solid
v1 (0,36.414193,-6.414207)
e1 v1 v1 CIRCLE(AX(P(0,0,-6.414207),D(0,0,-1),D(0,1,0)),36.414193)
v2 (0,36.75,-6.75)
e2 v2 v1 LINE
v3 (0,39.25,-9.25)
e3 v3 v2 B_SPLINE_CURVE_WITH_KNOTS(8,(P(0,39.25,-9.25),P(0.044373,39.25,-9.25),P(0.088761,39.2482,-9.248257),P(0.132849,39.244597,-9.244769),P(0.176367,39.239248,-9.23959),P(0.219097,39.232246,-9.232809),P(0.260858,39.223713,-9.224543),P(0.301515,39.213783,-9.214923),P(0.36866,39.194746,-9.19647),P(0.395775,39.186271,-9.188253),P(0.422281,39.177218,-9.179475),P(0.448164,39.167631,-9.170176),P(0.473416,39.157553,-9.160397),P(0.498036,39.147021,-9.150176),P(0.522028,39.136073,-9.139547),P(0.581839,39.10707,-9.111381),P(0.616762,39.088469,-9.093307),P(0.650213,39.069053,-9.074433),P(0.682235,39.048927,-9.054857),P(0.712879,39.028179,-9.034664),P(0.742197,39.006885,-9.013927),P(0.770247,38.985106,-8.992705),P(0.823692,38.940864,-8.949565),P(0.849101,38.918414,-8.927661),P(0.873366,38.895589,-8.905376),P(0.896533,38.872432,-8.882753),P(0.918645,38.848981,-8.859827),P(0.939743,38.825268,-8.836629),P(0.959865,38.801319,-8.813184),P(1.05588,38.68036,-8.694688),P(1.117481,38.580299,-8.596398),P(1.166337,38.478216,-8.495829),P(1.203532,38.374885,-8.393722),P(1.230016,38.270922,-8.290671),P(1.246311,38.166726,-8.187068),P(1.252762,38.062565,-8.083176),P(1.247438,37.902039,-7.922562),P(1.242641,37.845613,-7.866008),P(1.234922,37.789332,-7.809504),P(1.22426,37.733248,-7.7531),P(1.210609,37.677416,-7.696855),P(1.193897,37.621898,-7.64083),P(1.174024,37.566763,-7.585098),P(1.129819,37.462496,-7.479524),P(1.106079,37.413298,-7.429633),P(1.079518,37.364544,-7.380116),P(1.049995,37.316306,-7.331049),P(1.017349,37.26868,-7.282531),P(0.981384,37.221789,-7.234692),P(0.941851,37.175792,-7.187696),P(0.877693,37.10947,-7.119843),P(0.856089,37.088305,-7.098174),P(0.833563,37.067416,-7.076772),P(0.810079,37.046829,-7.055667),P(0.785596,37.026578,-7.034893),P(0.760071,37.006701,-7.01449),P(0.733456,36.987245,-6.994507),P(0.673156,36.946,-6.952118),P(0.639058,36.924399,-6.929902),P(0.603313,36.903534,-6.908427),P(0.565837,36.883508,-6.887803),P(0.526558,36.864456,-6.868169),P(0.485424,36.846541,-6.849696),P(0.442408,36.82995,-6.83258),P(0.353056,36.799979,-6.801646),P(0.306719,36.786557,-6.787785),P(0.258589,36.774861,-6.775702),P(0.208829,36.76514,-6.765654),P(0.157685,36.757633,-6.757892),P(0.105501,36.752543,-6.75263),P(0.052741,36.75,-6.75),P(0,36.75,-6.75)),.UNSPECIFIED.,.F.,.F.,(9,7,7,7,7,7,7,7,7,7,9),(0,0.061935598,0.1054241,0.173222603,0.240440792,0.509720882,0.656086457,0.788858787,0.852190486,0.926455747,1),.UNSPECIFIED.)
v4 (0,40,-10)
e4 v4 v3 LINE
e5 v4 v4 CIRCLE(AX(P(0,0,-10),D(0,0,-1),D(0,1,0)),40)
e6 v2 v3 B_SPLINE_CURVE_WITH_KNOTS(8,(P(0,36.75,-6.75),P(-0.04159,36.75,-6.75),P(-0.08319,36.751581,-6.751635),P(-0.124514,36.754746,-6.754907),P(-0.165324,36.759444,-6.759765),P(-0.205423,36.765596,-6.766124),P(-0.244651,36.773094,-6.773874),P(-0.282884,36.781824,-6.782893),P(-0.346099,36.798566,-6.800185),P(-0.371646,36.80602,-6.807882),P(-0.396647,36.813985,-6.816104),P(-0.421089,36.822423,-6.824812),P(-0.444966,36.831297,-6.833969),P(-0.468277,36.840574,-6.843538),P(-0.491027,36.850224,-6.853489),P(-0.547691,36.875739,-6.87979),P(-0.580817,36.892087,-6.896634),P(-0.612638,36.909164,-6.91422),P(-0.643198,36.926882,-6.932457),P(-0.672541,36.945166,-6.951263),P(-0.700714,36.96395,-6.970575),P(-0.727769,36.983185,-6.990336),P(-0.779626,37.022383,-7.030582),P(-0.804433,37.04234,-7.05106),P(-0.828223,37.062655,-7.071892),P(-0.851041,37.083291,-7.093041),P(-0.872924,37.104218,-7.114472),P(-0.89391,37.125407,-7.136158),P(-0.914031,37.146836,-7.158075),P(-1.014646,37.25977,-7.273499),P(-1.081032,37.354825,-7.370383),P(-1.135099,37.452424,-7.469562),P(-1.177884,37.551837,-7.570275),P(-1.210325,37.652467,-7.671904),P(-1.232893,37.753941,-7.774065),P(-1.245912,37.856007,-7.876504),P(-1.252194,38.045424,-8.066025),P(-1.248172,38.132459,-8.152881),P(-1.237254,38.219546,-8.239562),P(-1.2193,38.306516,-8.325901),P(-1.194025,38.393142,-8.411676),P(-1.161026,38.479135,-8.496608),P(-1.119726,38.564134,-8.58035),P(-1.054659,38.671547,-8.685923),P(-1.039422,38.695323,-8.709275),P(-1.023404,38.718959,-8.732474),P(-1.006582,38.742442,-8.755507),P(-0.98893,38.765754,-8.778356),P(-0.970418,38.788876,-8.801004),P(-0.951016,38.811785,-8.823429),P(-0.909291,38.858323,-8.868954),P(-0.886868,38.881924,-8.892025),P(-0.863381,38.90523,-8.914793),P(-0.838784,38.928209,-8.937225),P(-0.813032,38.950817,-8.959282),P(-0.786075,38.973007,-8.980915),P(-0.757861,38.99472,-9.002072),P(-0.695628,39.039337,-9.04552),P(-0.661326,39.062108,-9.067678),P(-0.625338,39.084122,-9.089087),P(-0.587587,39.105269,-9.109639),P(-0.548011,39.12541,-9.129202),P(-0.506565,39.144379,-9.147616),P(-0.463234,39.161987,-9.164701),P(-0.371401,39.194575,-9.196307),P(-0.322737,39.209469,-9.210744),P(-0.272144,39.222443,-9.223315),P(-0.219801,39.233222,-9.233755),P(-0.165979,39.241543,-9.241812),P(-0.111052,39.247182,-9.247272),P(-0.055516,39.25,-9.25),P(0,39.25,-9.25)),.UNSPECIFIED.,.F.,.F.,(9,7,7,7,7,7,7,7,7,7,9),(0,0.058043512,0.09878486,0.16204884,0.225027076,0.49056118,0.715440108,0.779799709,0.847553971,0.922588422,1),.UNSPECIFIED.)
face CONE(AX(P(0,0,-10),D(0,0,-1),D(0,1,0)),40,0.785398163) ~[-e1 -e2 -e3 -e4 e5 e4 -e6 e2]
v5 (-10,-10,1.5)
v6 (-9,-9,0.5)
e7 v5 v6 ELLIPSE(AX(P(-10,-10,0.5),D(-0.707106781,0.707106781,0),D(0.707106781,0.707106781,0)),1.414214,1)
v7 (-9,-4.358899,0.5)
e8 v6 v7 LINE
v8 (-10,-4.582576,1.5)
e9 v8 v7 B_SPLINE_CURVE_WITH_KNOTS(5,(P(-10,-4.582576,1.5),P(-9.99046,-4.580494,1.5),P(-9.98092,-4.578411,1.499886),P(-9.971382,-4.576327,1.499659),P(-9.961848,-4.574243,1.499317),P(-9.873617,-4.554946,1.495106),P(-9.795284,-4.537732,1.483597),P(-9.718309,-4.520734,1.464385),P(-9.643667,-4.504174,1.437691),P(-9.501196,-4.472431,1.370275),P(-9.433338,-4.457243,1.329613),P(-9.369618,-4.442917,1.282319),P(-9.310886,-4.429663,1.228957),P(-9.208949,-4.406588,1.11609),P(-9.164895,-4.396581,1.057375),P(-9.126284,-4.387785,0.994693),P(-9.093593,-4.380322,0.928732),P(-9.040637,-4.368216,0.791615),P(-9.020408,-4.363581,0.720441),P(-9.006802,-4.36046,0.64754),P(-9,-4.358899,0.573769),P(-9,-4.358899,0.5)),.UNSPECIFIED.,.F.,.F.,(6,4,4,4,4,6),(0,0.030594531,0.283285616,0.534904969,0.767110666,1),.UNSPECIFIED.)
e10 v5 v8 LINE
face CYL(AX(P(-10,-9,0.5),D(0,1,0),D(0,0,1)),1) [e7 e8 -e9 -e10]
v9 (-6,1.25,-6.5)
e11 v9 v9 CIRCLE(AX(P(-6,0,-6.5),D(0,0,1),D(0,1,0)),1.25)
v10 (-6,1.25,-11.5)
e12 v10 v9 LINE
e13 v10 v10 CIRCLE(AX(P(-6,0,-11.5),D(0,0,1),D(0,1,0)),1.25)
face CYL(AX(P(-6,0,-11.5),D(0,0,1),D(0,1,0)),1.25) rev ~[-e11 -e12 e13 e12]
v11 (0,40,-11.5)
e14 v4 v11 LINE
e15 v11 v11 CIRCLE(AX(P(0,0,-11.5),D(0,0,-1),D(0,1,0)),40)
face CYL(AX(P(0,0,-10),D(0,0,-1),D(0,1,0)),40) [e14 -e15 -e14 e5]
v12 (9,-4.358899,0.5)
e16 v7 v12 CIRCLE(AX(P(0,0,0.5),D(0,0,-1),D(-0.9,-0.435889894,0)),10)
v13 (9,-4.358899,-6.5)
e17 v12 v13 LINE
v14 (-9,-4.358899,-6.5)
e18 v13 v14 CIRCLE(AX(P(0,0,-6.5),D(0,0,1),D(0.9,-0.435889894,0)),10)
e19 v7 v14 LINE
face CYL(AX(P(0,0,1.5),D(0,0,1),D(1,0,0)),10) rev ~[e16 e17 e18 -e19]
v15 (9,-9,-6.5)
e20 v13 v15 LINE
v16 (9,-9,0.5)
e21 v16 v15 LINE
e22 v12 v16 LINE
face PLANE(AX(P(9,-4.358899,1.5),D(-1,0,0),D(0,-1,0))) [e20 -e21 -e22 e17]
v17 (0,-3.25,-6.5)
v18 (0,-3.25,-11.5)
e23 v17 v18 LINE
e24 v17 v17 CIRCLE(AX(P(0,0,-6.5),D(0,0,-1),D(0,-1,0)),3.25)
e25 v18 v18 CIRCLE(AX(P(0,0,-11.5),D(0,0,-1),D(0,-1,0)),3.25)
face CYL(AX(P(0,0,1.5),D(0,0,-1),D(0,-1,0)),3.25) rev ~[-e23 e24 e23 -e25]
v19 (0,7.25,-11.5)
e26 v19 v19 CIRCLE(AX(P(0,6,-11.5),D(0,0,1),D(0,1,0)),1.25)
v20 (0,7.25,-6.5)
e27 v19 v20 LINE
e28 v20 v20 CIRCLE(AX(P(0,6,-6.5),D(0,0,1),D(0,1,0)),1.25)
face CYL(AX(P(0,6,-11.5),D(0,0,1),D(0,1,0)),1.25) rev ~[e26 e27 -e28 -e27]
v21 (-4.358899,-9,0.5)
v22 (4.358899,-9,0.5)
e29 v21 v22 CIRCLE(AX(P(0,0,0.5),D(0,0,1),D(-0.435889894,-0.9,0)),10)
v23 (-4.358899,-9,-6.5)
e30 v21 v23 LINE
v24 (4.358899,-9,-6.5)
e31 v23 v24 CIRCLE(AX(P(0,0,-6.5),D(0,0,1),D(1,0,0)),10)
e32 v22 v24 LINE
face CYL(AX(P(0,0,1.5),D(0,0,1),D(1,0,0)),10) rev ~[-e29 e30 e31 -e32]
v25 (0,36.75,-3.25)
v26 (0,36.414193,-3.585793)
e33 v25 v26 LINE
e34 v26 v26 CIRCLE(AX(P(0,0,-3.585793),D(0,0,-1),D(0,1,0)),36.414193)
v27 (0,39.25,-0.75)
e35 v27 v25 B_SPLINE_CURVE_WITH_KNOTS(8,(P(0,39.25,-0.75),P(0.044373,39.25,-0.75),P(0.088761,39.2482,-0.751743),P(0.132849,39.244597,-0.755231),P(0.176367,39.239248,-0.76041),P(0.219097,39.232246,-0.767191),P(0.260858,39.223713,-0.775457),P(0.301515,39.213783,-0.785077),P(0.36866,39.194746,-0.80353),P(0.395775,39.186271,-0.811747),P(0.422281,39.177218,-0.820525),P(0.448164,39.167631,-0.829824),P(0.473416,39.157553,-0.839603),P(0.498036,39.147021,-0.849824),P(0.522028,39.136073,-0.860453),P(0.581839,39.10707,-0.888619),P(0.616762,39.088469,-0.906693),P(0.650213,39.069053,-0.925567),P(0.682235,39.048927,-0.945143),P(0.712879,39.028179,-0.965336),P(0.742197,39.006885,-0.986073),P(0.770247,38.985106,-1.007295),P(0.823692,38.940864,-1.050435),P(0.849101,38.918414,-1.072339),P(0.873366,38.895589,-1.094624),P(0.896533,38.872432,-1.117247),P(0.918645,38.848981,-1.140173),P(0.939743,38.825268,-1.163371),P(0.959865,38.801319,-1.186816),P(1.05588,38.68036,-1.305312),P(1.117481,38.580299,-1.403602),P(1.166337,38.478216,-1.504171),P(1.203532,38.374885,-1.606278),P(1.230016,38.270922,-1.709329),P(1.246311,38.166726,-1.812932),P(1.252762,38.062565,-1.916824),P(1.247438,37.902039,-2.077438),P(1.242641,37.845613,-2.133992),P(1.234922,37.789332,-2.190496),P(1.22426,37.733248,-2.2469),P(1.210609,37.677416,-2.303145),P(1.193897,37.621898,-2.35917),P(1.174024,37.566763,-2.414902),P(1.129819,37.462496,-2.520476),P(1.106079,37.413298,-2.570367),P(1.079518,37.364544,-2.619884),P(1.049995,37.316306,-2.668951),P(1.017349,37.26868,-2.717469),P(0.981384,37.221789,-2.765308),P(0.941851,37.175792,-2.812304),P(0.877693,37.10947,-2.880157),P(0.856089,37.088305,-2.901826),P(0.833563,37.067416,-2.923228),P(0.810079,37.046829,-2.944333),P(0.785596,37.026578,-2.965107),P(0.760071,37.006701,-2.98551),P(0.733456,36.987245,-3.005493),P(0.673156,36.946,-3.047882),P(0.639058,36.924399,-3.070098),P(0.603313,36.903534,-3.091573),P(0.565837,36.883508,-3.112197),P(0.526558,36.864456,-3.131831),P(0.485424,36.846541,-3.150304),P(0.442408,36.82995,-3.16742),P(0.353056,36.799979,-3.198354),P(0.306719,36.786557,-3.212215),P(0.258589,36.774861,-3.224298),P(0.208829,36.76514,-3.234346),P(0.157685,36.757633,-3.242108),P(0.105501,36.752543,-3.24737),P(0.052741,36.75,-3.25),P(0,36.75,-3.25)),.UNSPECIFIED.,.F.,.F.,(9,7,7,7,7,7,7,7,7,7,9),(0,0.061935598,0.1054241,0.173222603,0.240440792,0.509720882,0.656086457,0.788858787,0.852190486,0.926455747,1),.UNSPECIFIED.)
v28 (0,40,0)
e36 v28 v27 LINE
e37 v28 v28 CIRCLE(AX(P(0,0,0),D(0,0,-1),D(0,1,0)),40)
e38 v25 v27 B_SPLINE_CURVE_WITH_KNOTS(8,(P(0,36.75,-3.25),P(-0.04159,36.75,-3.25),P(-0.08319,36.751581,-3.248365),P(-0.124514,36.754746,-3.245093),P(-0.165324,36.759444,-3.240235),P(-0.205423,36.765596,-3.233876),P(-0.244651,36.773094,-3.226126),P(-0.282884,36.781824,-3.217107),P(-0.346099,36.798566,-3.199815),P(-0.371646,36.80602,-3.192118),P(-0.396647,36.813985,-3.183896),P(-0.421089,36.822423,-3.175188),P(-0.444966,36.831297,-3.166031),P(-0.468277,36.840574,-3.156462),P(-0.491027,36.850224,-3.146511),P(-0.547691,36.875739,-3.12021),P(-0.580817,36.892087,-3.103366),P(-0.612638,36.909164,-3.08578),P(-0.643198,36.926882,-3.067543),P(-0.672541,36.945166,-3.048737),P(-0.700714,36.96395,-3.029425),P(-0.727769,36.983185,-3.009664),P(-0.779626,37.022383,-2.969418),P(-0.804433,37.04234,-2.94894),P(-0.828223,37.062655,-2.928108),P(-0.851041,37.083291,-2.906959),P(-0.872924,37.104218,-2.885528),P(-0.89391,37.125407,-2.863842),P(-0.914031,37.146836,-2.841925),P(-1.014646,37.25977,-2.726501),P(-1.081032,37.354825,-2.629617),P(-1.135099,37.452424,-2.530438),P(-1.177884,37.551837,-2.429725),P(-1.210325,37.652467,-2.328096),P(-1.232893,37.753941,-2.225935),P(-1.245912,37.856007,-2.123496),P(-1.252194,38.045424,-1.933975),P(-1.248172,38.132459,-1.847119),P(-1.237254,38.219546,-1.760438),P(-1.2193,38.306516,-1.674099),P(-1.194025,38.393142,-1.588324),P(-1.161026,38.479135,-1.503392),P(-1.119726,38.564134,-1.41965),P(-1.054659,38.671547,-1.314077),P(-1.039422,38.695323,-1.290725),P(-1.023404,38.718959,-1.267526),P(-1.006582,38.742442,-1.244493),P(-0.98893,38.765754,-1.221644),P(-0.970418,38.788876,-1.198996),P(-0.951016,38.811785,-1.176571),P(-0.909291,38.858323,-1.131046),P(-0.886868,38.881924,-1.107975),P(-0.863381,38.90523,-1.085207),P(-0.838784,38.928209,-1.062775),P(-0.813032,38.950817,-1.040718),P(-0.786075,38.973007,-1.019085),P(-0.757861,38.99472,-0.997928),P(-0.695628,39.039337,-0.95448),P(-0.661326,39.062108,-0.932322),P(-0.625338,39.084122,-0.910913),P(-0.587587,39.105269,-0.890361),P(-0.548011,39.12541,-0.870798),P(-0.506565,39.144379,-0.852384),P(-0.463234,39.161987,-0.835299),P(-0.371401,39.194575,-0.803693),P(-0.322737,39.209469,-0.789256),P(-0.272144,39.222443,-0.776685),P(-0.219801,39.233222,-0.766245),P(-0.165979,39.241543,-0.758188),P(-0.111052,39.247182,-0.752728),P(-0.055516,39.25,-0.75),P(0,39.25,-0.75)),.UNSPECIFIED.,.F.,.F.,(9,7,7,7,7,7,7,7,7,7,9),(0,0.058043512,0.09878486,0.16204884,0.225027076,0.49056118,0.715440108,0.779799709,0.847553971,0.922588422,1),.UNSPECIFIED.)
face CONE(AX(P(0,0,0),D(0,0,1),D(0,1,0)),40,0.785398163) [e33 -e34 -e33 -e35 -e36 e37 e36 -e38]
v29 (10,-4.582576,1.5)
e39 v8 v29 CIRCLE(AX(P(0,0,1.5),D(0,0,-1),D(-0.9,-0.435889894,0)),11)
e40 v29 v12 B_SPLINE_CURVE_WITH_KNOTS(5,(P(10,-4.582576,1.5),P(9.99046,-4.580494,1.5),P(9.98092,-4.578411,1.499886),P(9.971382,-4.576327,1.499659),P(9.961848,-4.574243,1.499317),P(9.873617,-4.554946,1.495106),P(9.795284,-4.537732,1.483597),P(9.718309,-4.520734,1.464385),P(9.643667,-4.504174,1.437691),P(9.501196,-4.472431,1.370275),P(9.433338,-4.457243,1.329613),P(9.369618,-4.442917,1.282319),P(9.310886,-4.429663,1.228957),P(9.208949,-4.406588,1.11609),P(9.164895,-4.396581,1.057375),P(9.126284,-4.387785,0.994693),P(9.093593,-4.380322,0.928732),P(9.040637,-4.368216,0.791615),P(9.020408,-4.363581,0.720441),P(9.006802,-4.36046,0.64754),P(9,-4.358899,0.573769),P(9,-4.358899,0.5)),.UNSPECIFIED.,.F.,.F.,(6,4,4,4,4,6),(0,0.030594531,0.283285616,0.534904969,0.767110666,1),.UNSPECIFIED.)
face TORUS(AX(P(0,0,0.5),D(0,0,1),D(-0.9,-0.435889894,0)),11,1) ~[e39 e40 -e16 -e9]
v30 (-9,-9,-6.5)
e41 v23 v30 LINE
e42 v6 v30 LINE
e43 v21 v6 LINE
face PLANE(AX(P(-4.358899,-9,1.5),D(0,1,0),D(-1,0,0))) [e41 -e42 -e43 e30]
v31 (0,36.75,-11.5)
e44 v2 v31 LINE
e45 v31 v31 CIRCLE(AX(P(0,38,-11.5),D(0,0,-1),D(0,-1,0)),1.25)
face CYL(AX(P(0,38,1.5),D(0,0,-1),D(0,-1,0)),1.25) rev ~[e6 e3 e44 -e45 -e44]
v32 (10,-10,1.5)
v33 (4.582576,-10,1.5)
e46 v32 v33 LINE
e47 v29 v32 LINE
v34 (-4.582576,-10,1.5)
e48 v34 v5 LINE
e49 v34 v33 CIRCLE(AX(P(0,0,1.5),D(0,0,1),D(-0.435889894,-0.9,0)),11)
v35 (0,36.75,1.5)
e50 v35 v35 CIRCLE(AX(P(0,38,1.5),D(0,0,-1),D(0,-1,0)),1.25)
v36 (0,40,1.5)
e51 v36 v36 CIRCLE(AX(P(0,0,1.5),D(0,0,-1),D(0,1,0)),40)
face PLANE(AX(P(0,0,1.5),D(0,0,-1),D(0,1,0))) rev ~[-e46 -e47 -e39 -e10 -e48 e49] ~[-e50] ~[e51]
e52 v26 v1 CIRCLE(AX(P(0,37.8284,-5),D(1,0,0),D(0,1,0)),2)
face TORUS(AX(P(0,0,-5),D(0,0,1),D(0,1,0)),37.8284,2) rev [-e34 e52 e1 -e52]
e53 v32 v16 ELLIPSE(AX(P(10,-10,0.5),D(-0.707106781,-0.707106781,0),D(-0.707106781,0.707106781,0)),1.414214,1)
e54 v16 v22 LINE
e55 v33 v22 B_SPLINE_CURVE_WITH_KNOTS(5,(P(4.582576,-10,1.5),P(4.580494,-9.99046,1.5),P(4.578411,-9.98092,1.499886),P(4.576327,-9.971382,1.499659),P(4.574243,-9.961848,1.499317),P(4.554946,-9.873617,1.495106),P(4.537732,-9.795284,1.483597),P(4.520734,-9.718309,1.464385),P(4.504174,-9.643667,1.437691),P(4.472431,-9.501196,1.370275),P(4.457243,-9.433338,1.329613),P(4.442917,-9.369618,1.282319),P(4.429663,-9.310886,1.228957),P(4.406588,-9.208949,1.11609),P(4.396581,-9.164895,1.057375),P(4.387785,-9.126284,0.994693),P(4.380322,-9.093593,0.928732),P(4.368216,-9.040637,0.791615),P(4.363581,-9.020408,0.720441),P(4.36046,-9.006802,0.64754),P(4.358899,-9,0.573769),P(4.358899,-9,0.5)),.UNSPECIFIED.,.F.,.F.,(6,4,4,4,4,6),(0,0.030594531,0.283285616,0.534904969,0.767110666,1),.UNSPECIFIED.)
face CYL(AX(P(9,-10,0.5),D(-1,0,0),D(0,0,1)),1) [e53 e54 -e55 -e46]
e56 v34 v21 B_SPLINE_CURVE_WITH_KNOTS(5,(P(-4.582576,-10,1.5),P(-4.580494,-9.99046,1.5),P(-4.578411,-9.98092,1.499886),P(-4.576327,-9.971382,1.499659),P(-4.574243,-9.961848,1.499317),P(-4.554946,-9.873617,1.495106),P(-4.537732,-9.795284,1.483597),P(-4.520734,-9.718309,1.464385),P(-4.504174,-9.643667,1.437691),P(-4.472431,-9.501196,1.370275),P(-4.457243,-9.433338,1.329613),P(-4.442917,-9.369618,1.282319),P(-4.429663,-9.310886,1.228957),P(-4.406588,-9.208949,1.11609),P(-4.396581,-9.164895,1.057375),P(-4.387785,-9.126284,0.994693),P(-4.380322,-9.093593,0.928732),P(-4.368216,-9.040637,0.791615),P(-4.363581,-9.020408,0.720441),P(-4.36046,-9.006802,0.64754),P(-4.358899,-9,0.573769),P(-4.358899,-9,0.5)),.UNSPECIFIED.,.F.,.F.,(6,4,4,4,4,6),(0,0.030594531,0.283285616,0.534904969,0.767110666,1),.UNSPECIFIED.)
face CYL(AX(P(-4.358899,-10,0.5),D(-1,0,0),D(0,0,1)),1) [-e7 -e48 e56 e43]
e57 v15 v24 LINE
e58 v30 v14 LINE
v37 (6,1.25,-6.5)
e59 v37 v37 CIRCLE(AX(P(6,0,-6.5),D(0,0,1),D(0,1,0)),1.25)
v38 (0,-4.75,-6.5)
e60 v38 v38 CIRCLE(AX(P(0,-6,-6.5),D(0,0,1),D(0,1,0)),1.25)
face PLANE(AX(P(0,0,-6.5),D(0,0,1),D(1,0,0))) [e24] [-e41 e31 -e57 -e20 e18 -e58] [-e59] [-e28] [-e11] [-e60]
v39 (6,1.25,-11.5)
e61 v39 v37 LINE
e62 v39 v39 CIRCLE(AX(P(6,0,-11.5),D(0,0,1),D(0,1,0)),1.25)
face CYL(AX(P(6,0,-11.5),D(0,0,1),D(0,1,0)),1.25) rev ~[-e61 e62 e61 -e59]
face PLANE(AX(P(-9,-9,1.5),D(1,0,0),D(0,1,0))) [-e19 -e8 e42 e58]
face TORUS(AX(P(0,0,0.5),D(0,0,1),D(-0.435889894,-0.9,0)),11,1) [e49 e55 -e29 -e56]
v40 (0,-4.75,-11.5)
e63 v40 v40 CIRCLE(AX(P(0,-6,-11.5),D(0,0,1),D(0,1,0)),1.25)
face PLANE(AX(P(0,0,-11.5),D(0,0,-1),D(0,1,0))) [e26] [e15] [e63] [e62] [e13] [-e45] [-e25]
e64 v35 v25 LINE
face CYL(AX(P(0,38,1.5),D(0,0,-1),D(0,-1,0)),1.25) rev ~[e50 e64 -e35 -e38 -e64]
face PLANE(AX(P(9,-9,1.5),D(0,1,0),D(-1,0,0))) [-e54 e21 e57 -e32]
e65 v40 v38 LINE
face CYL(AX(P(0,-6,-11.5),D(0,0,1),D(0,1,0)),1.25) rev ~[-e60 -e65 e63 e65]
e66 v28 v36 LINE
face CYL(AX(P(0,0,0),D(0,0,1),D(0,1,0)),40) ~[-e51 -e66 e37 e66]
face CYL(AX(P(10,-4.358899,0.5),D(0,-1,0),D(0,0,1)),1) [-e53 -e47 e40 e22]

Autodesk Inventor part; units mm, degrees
ref_plane "YZ Plane" through (0, 0, 0) normal (1, 0, 0) x (0, 1, 0)
ref_plane "XZ Plane" through (0, 0, 0) normal (0, 1, 0) x (-1, 0, 0)
ref_plane "XY Plane" through (0, 0, 0) normal (0, 0, 1) x (1, 0, 0)
sketch "スケッチ1" plane through (0, 0, 0) normal (1, 0, 0) x (0, 1, 0)
  line L0 (0, 0) -> (0, -10)
  line L1 (0, 0) -> (40, 0)
  line L2 (0, -10) -> (40, -10)
  line L3 (40, 0) -> (30, -10)
  line L4 (40, -10) -> (30, 0)
  circle A0 centre (37.8284, -5) radius 2
  line L5 (0, 0) -> (40, 0)
  line L6 (40, 0) -> (40, 1.5)
  line L7 (40, 1.5) -> (0, 1.5)
  line L8 (0, 1.5) -> (0, 0)
  line L9 (0, -10) -> (40, -10)
  line L10 (40, -10) -> (40, -11.5)
  line L11 (40, -11.5) -> (0, -11.5)
  line L12 (0, -11.5) -> (0, -10)
  point P0 (36.4142, -6.4142)
  point P1 (36.4142, -3.5858)
  dimension "d0" = 10
  dimension "d1" = 40
  dimension "d2" = 40
  dimension "d3" = 45
  dimension "d4" = 45
  dimension "d5" = 2
  dimension "d6" = 2
  dimension "d7" = 1.5
  dimension "d8" = 1.5
  dimension "d41" = 40
revolve "回転1" add sketch "スケッチ1" angle 360 about axis through (0, 0, 0) along (0, 0, -1) contours L1 L4 L3 L2 L0 | L8 L7 L6 L1 | L2 L10 L11 L12 | L1 L3 L4 | L3 L4 L2 | L3 A0 L4
sketch "スケッチ2" plane through (0, 0, 1.5) normal (0, 0, 1) x (1, 0, 0)
  point P0 (0, 0)
  point P1 (0, 0)
hole "穴1" at (0, 0, 1.5) direction (0, 0, -1) diameter 6.5 end through all
sketch "スケッチ3" plane through (0, 0, 1.5) normal (0, 0, 1) x (1, 0, 0)
  circle A0 centre (0, 0) radius 10
  line L0 (-9, 0) -> (9, 0)
  line L1 (9, 0) -> (9, -9)
  line L2 (9, -9) -> (-9, -9)
  line L3 (-9, -9) -> (-9, 0)
  point P0 (0, 0)
  point P1 (4.3589, -9)
  point P2 (9, -4.3589)
  point P3 (-9, -4.3589)
  point P4 (-4.3589, -9)
  dimension "d17" = 20
  dimension "d36" = 18
  dimension "d37" = 9
  dimension "d38" = 9
  dimension "d39" = 0
extrude "押し出し1" cut sketch "スケッチ3" against normal blind 8
sketch "スケッチ4" plane through (0, 0, 1.5) normal (0, 0, 1) x (1, 0, 0)
  point P0 (0, 0)
sketch "スケッチ5" plane through (0, 0, -11.5) normal (0, 0, -1) x (-1, 0, 0)
  circle A0 centre (0, 0) radius 6
  point P0 (0, 0)
  point P1 (6, 0)
  point P2 (0, 6)
  point P3 (-6, 0)
  point P4 (0, -6)
  dimension "d20" = 12
  dimension "d23" = 360
hole "穴2" at (-6, 0, -11.5) at (0, 6, -11.5) at (6, 0, -11.5) at (0, -6, -11.5) direction (0, 0, 1) diameter 2.5 end through all
fillet "フィレット2" radius 1 6 edges at (0, 10, 1.5) (-9, -6.6794, 1.5) (-6.6794, -9, 1.5) (0, -10, 1.5) (6.6794, -9, 1.5) (9, -6.6794, 1.5)
sketch "スケッチ7" plane through (0, 0, 1.5) normal (0, 0, 1) x (1, 0, 0)
  circle A0 centre (0, 0) radius 40 projected
  point P0 (0, 38)
  dimension "d42" = 38
hole "穴3" at (0, 38, 1.5) direction (0, 0, -1) diameter 2.5 end through all
equation "\"d2\" = d1"
equation "\"d6\" = d5"
equation "\"d8\" = d7"
equation "\"d41\" = d1"
equation "\"d37\" = 0.5 * d36"
properties part number "s_base7"
